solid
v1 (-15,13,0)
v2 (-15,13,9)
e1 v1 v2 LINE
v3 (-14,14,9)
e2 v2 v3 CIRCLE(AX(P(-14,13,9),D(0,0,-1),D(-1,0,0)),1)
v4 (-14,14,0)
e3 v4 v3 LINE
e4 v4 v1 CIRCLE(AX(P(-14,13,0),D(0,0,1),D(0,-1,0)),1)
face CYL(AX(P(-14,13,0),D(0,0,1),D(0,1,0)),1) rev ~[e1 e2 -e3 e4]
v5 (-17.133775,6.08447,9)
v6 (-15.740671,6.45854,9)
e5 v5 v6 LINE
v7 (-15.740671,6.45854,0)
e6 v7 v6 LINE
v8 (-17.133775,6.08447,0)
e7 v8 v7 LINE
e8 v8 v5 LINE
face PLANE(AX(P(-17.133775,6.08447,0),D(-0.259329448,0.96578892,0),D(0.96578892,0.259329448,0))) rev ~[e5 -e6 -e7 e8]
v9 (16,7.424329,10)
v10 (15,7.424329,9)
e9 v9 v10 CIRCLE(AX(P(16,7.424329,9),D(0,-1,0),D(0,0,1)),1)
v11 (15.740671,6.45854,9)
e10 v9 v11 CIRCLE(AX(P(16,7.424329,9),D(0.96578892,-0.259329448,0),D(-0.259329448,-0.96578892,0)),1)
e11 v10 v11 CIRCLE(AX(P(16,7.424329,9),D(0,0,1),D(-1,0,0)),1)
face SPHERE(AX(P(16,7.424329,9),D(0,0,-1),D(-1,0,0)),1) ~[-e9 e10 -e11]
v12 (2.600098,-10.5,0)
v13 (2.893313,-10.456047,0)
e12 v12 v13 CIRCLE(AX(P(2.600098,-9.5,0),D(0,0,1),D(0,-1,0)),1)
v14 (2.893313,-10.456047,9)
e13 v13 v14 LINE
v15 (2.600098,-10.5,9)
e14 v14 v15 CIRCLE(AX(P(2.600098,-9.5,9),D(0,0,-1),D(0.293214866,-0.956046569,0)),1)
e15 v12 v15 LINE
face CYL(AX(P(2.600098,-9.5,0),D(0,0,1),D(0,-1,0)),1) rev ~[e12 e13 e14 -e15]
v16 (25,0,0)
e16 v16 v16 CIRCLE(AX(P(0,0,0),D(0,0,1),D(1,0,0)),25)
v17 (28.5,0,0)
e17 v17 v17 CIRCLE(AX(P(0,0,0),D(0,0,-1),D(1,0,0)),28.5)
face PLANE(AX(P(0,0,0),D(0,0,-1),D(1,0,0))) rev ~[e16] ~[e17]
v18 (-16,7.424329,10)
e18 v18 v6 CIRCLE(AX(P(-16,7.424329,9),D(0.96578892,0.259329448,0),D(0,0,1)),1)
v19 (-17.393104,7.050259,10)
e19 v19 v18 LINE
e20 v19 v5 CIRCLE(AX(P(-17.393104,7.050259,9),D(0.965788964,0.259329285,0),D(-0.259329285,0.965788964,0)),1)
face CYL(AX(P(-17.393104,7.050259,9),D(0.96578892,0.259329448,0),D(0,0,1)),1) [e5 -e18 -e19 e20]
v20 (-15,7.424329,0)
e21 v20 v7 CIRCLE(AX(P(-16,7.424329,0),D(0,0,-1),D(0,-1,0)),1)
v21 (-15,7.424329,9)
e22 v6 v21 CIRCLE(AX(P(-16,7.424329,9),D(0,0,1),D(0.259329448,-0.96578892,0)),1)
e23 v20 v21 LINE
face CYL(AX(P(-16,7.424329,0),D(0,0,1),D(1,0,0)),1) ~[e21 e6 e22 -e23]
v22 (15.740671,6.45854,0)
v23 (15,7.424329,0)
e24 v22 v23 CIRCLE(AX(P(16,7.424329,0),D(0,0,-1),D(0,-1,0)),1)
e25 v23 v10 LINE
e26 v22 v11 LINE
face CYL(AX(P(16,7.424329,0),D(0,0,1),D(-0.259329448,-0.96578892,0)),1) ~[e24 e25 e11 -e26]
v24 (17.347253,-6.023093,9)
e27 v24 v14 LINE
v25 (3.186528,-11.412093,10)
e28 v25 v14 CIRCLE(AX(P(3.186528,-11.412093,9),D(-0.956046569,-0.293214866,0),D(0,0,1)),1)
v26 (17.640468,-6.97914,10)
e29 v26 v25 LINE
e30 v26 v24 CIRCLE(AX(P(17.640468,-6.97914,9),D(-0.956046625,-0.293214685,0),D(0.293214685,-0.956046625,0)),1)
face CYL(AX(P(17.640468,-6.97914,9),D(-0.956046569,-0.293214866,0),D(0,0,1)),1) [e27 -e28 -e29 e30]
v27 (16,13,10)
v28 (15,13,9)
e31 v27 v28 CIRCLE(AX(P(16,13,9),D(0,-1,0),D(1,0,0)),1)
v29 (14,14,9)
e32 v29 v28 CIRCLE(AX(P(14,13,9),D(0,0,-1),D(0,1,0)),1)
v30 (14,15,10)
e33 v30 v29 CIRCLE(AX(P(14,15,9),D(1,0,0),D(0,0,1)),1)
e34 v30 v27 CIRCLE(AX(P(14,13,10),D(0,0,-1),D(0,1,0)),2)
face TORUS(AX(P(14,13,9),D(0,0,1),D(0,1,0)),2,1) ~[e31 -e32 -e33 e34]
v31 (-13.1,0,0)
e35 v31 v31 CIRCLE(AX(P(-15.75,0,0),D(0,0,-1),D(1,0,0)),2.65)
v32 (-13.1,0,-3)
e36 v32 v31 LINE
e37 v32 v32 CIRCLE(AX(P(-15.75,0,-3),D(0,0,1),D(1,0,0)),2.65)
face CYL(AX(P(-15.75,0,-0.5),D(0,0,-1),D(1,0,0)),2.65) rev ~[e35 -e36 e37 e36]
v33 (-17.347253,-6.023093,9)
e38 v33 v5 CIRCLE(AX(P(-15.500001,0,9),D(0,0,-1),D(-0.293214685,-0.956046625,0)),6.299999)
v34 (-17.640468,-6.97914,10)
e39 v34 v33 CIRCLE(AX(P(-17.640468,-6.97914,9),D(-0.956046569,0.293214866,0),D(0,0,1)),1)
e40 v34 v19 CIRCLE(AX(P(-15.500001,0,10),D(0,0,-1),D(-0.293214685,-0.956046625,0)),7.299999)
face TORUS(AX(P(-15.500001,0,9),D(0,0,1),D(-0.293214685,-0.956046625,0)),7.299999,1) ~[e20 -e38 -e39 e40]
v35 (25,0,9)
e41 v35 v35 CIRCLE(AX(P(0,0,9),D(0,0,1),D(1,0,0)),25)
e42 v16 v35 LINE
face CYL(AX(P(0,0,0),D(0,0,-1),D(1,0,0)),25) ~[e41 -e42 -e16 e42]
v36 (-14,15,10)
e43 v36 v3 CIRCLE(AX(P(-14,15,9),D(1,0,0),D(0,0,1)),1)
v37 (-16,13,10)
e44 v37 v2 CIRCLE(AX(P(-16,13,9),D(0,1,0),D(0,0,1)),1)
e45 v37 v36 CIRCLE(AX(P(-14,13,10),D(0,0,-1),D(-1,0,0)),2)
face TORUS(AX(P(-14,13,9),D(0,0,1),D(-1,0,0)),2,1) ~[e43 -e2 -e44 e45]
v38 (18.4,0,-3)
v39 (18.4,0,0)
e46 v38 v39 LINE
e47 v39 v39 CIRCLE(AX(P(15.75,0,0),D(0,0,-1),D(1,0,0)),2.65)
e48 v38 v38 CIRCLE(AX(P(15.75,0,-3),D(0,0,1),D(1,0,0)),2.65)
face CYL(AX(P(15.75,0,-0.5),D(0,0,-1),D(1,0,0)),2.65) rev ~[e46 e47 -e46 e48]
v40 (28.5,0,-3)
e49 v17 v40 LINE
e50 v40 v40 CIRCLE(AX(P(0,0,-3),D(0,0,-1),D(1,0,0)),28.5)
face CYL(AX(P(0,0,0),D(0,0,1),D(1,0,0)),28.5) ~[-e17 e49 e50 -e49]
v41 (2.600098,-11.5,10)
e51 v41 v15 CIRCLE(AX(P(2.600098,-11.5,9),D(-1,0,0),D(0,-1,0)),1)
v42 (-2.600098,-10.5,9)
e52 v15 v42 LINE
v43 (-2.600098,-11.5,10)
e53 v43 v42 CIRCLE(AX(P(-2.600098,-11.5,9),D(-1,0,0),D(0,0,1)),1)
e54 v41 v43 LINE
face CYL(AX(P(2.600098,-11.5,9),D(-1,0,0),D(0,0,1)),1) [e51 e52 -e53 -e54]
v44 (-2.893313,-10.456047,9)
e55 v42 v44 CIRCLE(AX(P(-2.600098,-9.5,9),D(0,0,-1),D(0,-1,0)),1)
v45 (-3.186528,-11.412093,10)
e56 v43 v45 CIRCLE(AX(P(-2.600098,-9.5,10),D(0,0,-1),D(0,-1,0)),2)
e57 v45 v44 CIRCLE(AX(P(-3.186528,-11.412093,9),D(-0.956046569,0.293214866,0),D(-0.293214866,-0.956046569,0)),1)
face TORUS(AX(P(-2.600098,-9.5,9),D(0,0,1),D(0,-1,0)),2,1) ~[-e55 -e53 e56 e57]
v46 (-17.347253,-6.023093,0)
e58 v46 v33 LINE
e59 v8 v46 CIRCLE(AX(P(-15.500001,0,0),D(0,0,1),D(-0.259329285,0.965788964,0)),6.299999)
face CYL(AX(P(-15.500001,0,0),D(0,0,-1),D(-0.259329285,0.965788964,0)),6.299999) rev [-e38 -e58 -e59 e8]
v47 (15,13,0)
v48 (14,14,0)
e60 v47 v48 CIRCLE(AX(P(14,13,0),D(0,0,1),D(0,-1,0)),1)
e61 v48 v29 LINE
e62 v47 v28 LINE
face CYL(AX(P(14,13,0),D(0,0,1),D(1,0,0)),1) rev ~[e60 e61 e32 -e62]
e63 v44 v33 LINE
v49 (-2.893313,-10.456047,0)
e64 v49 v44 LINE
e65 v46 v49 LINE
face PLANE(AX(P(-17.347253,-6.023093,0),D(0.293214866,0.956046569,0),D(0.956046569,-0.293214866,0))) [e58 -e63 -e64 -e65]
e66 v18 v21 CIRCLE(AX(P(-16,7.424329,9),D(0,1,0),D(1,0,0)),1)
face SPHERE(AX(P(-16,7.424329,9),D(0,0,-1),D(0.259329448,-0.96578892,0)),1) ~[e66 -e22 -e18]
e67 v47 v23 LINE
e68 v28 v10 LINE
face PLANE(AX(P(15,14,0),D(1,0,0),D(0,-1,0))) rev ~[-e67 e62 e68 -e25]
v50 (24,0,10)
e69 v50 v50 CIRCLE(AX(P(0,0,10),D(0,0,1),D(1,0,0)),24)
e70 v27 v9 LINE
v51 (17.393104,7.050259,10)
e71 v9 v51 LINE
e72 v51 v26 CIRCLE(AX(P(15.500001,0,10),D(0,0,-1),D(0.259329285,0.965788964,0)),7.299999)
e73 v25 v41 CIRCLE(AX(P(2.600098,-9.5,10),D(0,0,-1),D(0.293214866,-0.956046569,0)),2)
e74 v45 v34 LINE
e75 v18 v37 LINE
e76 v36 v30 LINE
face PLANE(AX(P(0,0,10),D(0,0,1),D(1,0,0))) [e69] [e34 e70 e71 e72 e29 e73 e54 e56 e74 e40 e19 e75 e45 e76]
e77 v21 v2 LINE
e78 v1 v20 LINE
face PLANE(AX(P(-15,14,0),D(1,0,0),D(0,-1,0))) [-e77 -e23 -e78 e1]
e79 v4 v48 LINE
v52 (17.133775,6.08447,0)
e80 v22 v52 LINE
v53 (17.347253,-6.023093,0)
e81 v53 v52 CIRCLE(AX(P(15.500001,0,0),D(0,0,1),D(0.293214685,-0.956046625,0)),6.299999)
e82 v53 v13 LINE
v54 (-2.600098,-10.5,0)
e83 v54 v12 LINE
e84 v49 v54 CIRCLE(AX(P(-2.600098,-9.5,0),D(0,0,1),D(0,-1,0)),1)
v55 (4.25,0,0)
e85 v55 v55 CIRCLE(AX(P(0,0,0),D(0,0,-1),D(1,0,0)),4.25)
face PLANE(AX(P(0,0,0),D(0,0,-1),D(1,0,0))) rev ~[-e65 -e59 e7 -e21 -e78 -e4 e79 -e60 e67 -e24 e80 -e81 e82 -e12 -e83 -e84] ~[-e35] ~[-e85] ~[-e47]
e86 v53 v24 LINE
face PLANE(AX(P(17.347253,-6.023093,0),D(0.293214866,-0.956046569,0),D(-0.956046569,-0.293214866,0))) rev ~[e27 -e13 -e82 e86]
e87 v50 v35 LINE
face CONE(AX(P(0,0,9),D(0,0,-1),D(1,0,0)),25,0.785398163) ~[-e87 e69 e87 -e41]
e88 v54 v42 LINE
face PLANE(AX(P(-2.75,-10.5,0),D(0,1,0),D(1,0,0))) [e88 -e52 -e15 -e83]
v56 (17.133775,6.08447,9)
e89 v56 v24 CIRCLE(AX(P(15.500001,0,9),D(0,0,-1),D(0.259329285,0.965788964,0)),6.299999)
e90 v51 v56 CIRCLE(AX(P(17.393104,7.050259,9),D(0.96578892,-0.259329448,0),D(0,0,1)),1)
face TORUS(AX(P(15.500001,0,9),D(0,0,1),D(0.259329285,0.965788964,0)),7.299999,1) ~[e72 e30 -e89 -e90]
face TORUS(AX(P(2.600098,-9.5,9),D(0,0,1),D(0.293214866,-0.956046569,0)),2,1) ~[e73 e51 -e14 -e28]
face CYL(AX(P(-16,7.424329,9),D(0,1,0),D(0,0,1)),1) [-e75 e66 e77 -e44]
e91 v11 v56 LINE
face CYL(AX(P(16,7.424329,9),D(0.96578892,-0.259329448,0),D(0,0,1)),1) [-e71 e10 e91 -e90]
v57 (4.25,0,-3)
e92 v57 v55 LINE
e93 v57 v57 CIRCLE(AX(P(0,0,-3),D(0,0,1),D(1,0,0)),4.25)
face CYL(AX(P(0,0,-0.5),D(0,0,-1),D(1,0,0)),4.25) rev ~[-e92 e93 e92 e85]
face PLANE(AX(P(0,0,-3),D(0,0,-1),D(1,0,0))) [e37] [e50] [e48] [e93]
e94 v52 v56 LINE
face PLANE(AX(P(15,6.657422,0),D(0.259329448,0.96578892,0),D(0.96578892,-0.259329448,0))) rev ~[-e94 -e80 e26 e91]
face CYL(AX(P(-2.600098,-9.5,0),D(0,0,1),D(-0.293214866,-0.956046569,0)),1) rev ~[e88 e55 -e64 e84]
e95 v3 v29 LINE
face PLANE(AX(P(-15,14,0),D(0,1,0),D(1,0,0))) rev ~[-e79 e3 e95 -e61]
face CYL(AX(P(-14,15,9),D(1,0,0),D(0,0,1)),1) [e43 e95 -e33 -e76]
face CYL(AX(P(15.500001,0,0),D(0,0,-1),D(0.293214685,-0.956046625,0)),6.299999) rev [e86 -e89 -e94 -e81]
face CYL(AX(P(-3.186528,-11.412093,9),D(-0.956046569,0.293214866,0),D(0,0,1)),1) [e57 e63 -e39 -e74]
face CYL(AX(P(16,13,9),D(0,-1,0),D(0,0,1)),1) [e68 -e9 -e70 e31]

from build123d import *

# Parameters (mm, degrees)
SKETCH_R          = 25
PAD_DEPTH         = 10
SKETCH001_R       = 28.5
PAD001_DEPTH      = 3
SKETCH002_R       = 4.25
SKETCH002_R_2     = 2.65
POCKET_DEPTH      = 10.501
POCKET_DEPTH_BACK = -2.501
FILLET_R          = 1
FILLET001_R       = 1
CHAMFER_SIZE      = 1


with BuildPart() as part:
    # Sketch → Pad (new body)
    with BuildSketch(Plane.XY):
        Circle(SKETCH_R)
        with BuildLine():
            ThreePointArc((17.347253, -6.023093), (21.799021, 0.111063), (17.133775, 6.08447))
            Line((15, 6.657422), (17.133775, 6.08447))
            Line((15, 14), (15, 6.657422))
            Line((-15, 14), (15, 14))
            Line((-15, 14), (-15, 6.657422))
            Line((-17.133775, 6.08447), (-15, 6.657422))
            ThreePointArc((-17.133775, 6.08447), (-21.799021, 0.111063), (-17.347253, -6.023093))
            Line((-17.347253, -6.023093), (-2.75, -10.5))
            Line((-2.75, -10.5), (2.75, -10.5))
            Line((17.347253, -6.023093), (2.75, -10.5))
        make_face(mode=Mode.SUBTRACT)
    extrude(amount=PAD_DEPTH)

    # Sketch001 (on Face12 of Pad) → Pad001 (join)
    with BuildSketch(Plane(origin=(0, 0, 0), x_dir=(1, 0, 0), z_dir=(0, 0, -1))):
        Circle(SKETCH001_R)
    extrude(amount=PAD001_DEPTH)

    # Sketch002 → Pocket (cut, two sides)
    with BuildSketch(Plane(origin=(0, 0, -0.5), x_dir=(1, 0, 0), z_dir=(0, 0, -1))) as pocket_sk:
        Circle(SKETCH002_R)
        with Locations((-15.75, 0)):
            Circle(SKETCH002_R_2)
        with Locations((15.75, 0)):
            Circle(SKETCH002_R_2)
    extrude(amount=-POCKET_DEPTH, mode=Mode.SUBTRACT)
    extrude(pocket_sk.sketch, amount=-POCKET_DEPTH_BACK, mode=Mode.SUBTRACT)

    # Fillet
    fillet_edges = [part.edges().sort_by_distance(p)[0] for p in [
        (15, 6.657422, 5),
        (15, 14, 5),
        (-15, 6.657422, 5),
        (-15, 14, 5),
        (-2.75, -10.5, 5),
        (2.75, -10.5, 5),
    ]]
    fillet(fillet_edges, radius=FILLET_R)

    # Fillet001
    fillet001_edges = [part.edges().sort_by_distance(p)[0] for p in [
        (0, 14, 10),
        (-15, 10.212165, 10),
        (-21.799021, 0.111063, 10),
        (-10.120283, -8.23957, 10),
        (0, -10.5, 10),
        (10.120283, -8.23957, 10),
        (21.799021, 0.111063, 10),
        (15, 10.212165, 10),
        (14.707107, 13.707107, 10),
        (15.206486, 6.815778, 10),
        (16.437223, 6.271505, 10),
        (-16.437223, 6.271505, 10),
        (-15.206486, 6.815778, 10),
        (-14.707107, 13.707107, 10),
        (-2.748344, -10.488951, 10),
        (2.748344, -10.488951, 10),
    ]]
    fillet(fillet001_edges, radius=FILLET001_R)

    # Chamfer
    chamfer_edges = [part.edges().sort_by_distance(p)[0] for p in [
        (-25, 0, 10),
    ]]
    chamfer(chamfer_edges, length=CHAMFER_SIZE)


solid = part.part
